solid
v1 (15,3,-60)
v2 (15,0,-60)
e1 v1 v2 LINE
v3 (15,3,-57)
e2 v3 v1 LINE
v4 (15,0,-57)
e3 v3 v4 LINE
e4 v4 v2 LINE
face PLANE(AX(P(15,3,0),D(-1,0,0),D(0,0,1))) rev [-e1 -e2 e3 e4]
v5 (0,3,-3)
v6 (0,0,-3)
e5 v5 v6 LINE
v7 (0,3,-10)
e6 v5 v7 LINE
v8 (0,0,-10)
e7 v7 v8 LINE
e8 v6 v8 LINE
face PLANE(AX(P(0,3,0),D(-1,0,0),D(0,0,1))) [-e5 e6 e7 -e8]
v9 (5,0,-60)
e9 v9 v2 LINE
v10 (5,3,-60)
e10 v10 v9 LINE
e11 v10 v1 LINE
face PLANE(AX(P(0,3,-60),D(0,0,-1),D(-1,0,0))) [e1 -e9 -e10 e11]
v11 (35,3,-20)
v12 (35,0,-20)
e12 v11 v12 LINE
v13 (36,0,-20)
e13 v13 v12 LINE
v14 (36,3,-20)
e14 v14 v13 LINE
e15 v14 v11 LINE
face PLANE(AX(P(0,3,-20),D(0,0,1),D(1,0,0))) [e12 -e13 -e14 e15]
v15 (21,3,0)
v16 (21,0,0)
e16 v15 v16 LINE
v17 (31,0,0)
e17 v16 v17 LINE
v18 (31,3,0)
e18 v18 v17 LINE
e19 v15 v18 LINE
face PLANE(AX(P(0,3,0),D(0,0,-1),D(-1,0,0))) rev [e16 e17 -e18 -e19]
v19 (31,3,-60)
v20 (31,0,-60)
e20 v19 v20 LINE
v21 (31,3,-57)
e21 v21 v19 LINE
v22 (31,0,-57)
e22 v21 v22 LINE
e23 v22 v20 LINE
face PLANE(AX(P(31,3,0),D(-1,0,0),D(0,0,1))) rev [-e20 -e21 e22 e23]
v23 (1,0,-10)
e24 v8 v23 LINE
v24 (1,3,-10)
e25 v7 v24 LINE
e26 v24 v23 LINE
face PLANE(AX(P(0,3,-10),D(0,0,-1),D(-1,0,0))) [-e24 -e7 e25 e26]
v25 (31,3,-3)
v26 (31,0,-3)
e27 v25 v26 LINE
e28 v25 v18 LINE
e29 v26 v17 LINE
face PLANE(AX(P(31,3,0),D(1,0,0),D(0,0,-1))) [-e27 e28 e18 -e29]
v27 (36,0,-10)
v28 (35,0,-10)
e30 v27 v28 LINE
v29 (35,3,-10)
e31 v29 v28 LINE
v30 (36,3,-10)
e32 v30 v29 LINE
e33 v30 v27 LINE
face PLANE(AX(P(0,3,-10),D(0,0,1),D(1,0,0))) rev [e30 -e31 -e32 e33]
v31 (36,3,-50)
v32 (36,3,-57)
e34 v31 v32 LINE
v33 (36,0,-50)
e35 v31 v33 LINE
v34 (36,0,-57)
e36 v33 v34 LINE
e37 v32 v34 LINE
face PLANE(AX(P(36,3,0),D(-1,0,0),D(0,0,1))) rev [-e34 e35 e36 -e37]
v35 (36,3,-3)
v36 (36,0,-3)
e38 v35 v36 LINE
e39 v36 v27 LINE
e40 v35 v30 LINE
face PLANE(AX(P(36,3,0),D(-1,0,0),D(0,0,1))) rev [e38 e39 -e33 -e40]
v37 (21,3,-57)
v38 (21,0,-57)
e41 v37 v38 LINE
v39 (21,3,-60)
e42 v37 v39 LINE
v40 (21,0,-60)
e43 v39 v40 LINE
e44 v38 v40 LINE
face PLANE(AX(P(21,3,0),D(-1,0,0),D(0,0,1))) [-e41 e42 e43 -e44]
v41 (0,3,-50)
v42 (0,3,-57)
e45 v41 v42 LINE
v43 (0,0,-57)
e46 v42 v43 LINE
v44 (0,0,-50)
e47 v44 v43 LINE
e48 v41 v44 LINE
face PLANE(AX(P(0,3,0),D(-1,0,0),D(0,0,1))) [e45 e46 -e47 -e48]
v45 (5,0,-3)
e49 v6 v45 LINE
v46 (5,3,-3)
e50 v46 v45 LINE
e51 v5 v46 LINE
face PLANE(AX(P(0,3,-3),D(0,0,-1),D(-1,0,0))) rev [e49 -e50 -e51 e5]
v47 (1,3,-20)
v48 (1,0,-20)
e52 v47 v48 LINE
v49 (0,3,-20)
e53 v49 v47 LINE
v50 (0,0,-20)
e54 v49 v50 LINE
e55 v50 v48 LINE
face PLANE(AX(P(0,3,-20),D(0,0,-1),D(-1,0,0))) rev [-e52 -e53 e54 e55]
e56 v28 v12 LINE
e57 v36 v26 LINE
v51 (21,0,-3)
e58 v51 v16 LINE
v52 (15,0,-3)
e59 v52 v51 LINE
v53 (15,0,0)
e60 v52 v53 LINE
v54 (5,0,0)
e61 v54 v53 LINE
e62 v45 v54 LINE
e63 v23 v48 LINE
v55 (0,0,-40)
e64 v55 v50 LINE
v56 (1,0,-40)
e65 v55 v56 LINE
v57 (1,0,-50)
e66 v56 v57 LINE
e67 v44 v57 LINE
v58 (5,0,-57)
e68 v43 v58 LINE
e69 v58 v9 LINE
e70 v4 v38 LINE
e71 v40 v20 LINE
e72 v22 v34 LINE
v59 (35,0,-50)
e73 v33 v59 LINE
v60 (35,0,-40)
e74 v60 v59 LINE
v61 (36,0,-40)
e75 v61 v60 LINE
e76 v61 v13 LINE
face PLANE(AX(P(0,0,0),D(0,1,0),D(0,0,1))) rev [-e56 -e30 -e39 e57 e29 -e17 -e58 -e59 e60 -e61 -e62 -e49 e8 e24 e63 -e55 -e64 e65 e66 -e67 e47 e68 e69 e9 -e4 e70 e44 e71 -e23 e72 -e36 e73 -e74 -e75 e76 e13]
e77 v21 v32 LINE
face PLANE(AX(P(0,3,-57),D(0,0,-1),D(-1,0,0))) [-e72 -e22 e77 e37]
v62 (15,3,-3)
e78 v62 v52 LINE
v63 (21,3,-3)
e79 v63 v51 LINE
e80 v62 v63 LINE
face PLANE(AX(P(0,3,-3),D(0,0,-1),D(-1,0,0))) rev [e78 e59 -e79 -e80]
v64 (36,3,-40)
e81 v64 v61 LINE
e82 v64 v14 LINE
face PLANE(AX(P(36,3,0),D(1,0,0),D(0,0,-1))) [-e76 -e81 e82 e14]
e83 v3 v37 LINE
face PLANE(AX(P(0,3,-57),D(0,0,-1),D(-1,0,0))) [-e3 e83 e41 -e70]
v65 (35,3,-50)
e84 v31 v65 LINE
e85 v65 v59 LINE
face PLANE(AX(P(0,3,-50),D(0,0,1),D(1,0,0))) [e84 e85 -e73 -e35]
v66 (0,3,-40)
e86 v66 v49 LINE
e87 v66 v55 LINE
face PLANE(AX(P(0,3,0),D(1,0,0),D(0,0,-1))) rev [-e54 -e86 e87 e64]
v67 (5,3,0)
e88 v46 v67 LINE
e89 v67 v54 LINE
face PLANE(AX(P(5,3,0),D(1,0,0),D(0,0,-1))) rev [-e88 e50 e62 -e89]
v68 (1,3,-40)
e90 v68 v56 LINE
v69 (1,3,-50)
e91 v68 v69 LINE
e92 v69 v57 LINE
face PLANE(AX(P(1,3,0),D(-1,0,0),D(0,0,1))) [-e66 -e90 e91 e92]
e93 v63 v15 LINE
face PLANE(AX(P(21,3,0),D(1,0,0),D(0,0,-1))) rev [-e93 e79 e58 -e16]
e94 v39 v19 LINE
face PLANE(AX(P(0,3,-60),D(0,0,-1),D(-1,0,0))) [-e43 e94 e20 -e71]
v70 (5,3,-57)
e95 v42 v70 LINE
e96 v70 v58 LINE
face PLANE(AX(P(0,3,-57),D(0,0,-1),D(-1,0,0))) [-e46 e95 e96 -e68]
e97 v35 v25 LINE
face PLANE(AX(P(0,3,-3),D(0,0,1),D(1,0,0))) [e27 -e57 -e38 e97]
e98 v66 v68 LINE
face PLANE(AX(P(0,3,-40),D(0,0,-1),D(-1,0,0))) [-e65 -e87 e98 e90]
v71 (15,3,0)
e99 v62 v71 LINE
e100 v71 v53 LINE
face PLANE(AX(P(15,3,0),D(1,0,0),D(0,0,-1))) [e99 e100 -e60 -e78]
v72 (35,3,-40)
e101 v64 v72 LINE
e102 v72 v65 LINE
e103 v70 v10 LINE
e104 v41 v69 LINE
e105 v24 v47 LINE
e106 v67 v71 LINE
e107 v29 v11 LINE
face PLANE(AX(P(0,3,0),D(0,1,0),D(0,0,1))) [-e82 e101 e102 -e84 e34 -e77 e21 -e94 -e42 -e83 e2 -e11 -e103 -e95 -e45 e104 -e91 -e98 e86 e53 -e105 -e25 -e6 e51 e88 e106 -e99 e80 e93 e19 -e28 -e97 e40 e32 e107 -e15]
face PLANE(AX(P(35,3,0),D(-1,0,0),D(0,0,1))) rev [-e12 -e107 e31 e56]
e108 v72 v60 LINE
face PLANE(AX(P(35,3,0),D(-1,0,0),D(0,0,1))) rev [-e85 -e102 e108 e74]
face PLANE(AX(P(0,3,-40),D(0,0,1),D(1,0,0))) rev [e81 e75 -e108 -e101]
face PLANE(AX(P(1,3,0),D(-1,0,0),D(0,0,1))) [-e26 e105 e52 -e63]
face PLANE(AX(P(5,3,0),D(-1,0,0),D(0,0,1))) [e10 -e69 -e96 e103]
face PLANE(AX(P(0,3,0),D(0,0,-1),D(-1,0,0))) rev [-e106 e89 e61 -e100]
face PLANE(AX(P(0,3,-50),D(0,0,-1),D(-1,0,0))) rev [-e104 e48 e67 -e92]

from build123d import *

# Parameters (mm, degrees)
SKETCH1_W           = 34
SKETCH1_H           = 54
SKETCH1_W_2         = 10
SKETCH1_H_2         = 3
SKETCH1_W_3         = 1
SKETCH1_H_3         = 7
SKETCH1_H_4         = 20
BOSS_EXTRUDE1_DEPTH = 3


with BuildPart() as part:
    # Sketch1 → Boss-Extrude1 (new body)
    with BuildSketch(Plane(origin=(0, 0, 0), x_dir=(1, 0, 0), z_dir=(0, 1, 0))):
        with Locations((18, 30)):
            Rectangle(SKETCH1_W, SKETCH1_H)
        with Locations((10, 1.5)):
            Rectangle(SKETCH1_W_2, SKETCH1_H_2)
        with Locations((26, 1.5)):
            Rectangle(SKETCH1_W_2, SKETCH1_H_2)
        with Locations((35.5, 6.5)):
            Rectangle(SKETCH1_W_3, SKETCH1_H_3)
        with Locations((35.5, 30)):
            Rectangle(SKETCH1_W_3, SKETCH1_H_4)
        with Locations((35.5, 53.5)):
            Rectangle(SKETCH1_W_3, SKETCH1_H_3)
        with Locations((26, 58.5)):
            Rectangle(SKETCH1_W_2, SKETCH1_H_2)
        with Locations((10, 58.5)):
            Rectangle(SKETCH1_W_2, SKETCH1_H_2)
        with Locations((0.5, 53.5)):
            Rectangle(SKETCH1_W_3, SKETCH1_H_3)
        with Locations((0.5, 30)):
            Rectangle(SKETCH1_W_3, SKETCH1_H_4)
        with Locations((0.5, 6.5)):
            Rectangle(SKETCH1_W_3, SKETCH1_H_3)
    extrude(amount=BOSS_EXTRUDE1_DEPTH)


solid = part.part
